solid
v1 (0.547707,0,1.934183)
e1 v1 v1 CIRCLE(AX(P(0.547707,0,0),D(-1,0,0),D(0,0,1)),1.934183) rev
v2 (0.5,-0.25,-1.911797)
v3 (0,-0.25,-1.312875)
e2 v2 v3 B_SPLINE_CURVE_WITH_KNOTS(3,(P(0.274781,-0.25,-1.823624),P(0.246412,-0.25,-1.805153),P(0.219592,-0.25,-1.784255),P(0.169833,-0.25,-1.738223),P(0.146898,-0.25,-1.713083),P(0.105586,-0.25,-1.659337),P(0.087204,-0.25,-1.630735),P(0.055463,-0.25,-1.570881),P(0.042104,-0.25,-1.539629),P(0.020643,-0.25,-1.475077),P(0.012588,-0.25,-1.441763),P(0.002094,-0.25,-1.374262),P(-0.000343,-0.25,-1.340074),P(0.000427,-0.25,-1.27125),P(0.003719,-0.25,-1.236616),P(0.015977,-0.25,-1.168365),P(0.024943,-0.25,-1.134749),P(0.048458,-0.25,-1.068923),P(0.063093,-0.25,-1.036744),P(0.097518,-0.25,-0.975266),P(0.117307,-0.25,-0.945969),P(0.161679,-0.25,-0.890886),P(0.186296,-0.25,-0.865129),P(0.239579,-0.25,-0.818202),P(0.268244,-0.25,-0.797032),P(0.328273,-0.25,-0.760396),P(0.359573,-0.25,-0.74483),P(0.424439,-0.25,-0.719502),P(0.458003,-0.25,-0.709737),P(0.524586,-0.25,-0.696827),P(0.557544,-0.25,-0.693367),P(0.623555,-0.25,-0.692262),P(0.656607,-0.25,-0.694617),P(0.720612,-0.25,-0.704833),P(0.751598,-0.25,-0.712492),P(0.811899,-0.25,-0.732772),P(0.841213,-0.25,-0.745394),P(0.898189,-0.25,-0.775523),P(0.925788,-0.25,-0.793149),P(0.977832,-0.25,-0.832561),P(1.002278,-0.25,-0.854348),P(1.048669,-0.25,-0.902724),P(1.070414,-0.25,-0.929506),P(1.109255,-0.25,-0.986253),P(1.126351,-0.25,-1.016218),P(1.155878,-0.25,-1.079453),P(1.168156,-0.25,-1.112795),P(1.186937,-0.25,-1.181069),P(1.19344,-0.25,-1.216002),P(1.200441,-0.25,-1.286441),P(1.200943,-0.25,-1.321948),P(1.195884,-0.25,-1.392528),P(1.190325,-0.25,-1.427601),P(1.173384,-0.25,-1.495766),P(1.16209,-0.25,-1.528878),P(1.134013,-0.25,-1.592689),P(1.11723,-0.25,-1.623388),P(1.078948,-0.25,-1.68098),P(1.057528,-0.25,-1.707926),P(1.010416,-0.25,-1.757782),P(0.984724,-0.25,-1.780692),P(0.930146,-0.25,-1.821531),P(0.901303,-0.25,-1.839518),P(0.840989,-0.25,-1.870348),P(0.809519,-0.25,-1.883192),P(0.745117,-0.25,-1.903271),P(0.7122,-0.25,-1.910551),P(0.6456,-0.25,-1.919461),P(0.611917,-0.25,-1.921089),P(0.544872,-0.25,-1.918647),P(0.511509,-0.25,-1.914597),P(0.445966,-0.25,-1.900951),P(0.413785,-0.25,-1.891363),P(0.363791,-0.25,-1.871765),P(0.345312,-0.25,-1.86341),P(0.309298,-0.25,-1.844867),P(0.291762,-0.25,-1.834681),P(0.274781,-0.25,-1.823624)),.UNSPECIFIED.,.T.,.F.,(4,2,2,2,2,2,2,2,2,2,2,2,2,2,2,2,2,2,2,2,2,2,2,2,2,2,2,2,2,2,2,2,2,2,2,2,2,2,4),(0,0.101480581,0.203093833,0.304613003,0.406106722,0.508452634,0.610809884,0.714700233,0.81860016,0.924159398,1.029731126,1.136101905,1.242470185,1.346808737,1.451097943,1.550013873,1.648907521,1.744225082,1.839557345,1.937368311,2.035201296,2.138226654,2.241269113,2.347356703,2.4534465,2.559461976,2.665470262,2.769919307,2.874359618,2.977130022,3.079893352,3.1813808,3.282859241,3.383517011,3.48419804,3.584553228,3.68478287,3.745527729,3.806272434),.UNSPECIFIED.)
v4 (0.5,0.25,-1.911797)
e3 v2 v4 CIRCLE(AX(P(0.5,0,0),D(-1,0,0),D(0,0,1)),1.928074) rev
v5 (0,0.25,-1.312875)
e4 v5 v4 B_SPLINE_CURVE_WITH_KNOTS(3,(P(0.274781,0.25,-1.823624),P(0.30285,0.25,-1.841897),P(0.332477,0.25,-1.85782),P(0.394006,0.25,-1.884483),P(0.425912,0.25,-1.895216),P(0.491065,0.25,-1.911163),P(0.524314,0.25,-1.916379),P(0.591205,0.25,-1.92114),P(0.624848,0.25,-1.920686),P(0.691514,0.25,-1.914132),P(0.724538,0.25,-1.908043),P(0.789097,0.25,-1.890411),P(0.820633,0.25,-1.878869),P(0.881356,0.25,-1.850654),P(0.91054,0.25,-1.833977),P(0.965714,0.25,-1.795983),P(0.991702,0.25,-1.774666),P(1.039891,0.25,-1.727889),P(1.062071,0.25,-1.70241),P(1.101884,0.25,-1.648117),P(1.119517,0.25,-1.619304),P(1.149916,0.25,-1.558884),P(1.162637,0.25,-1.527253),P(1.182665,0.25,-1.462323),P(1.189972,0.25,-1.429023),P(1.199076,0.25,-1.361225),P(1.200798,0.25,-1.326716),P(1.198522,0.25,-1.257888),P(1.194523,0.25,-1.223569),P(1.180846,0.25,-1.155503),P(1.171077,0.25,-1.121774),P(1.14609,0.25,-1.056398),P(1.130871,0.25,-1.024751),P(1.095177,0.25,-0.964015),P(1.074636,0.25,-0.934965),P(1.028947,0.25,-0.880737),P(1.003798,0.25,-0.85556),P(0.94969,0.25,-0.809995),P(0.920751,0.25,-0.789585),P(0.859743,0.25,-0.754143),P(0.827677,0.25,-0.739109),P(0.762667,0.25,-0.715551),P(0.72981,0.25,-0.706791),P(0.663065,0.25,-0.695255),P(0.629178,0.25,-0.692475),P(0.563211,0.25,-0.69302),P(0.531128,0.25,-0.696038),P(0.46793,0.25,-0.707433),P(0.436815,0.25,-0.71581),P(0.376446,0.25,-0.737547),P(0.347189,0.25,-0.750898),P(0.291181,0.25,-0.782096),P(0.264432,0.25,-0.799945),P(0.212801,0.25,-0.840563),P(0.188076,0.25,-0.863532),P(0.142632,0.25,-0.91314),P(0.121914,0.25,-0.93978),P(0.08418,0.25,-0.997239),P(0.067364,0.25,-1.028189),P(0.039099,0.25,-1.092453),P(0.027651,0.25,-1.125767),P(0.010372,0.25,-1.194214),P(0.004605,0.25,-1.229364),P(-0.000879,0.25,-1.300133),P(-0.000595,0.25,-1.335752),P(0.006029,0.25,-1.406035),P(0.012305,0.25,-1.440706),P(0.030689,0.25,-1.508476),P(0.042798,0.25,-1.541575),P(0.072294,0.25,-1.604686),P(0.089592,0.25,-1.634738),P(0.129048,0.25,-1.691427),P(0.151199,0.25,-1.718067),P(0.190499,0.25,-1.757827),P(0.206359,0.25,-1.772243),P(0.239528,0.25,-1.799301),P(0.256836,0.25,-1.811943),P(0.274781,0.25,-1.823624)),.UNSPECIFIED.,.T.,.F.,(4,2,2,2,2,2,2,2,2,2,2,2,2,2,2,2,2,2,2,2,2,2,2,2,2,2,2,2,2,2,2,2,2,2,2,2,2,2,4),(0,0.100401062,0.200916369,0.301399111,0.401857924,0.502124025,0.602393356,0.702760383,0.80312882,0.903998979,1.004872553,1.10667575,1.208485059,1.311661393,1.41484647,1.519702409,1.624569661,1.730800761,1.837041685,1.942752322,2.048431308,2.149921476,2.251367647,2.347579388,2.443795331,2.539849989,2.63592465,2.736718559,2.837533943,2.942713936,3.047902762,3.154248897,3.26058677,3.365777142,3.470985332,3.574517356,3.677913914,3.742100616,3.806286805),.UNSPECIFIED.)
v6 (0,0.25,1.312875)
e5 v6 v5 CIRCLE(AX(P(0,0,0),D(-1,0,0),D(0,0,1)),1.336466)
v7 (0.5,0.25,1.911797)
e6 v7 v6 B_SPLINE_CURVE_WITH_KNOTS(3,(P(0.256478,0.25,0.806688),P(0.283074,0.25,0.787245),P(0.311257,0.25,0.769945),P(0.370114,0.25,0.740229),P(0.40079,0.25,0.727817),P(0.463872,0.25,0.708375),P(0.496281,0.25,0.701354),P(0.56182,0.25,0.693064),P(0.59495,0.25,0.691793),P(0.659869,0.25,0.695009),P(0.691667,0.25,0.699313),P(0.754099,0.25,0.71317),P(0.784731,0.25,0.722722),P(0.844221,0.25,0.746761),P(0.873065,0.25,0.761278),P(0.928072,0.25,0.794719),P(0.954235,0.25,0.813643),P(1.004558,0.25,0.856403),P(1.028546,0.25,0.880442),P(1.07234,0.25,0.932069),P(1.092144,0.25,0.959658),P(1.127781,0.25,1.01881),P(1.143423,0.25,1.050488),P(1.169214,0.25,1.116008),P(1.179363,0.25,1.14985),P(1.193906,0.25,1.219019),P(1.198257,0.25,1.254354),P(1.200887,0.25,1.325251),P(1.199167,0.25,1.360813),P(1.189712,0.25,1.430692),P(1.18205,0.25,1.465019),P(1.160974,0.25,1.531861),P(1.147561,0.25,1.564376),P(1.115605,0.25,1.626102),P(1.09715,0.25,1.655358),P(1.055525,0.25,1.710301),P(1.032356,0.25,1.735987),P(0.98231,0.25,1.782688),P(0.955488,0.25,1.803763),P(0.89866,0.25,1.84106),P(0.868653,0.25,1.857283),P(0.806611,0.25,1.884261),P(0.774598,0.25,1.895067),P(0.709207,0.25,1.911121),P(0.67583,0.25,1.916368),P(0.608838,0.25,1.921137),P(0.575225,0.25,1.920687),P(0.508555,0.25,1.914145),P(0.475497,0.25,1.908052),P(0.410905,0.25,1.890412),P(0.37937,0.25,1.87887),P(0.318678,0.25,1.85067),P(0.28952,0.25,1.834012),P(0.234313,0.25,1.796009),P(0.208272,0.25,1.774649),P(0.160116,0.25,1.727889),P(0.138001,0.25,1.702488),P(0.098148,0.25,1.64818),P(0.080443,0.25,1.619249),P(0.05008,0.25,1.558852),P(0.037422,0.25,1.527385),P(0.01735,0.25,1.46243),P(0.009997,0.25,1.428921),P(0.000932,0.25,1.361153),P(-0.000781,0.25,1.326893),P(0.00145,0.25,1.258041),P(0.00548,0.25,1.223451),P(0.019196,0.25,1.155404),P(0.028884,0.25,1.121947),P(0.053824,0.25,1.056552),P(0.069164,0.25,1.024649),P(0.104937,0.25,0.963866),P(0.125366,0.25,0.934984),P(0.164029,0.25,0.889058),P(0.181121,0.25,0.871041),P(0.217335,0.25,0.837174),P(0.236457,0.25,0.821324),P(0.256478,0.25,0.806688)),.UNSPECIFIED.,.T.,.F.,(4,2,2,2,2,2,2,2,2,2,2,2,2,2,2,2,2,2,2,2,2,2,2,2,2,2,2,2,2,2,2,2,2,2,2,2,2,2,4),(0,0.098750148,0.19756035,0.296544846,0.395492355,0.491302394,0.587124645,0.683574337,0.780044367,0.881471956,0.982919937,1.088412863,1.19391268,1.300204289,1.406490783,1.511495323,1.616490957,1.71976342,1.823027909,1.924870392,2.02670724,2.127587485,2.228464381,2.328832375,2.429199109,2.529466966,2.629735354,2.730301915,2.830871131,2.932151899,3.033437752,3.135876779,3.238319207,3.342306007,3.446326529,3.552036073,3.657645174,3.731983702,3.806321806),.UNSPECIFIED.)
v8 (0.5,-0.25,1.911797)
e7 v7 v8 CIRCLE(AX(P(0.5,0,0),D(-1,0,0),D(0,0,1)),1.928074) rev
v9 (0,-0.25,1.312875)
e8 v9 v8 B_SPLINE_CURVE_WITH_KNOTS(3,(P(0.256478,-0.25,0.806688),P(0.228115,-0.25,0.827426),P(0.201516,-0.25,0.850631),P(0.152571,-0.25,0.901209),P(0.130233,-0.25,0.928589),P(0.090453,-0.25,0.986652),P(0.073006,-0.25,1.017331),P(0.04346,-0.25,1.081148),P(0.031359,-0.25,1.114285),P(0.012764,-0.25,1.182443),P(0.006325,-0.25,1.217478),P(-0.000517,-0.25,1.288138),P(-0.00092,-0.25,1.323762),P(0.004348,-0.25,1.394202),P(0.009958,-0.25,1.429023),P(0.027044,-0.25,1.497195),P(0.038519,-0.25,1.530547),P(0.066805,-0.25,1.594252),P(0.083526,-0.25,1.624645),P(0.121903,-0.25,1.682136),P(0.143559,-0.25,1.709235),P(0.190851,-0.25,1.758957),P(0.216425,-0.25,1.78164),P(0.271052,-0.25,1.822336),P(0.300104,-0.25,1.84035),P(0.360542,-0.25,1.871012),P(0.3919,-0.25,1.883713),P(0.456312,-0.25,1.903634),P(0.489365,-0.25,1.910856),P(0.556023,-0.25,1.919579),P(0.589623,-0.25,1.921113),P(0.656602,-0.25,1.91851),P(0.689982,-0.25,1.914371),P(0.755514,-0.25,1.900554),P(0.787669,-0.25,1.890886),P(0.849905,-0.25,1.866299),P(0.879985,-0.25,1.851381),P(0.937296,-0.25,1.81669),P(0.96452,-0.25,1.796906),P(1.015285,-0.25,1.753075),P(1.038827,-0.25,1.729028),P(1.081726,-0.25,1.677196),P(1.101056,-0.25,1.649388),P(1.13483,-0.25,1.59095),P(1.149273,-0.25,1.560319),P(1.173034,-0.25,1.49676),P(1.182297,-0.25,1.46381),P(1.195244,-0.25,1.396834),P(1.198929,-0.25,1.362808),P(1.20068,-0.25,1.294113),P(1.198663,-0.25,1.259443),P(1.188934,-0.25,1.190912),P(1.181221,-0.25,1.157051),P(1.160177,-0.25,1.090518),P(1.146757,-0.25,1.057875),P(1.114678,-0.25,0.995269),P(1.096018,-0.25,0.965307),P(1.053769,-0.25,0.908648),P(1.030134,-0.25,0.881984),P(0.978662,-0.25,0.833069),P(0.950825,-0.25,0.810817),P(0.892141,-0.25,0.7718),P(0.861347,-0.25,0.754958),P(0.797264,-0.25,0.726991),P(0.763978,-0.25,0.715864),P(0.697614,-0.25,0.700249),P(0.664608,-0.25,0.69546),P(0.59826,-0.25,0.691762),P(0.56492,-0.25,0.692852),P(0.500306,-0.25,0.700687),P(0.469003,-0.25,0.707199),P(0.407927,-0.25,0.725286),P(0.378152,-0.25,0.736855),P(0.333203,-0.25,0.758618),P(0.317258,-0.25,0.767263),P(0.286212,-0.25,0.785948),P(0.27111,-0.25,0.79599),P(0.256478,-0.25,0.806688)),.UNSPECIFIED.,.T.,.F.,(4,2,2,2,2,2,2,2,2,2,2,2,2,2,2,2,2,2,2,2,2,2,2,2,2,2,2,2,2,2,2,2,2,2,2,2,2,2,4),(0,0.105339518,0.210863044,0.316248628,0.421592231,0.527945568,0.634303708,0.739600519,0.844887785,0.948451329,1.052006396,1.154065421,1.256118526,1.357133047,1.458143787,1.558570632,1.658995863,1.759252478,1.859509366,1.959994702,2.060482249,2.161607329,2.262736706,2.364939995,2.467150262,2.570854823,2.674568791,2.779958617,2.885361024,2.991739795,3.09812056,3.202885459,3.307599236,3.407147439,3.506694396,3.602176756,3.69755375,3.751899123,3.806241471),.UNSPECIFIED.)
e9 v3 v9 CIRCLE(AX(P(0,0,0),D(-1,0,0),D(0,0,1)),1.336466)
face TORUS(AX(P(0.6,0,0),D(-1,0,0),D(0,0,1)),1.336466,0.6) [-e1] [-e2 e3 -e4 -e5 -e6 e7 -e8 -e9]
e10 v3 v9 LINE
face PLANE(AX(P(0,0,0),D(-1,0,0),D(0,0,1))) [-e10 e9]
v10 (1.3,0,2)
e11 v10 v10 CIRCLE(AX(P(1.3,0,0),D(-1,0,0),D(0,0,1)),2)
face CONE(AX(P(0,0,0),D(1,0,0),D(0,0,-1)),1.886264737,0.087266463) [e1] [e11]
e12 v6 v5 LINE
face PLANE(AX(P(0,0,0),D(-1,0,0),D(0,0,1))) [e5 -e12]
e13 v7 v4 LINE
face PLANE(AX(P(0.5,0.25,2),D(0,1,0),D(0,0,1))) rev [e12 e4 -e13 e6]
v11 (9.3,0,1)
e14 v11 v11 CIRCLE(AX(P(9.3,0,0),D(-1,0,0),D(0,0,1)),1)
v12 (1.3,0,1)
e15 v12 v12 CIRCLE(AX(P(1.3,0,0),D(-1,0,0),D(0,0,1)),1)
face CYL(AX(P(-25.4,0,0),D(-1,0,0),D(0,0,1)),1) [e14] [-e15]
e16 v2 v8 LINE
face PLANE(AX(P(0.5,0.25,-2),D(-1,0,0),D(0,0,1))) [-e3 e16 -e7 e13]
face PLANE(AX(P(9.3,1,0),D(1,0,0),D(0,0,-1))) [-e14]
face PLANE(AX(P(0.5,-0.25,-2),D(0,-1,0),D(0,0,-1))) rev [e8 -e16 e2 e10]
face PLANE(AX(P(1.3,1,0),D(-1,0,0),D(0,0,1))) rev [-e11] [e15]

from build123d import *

# Parameters (mm, degrees)
FILLET2_R  = 0.6
SKETCH2_W  = 4
SKETCH2_H  = 0.5
SLOT_DEPTH = 0.5


with BuildPart() as part:
    # BodySke → Base-Revolve (revolve)
    with BuildSketch(Plane.XY, mode=Mode.PRIVATE) as base_revolve_sk:
        Polygon((1.3, 1), (1.3, 2), (0, 1.886264737), (0, 0), (9.3, 0), (9.3, 1), align=None)
    revolve(base_revolve_sk.sketch.rotate(Axis((-25.4, 0, 0), (1, 0, 0)), 90), axis=Axis((-25.4, 0, 0), (1, 0, 0)))

    # Fillet2
    fillet2_edges = [part.edges().sort_by_distance(p)[0] for p in [
        (0, 0, -1.886264737),
    ]]
    fillet(fillet2_edges, radius=FILLET2_R)

    # Sketch2 → Slot (cut)
    with BuildSketch(Plane(origin=(0, 0, 0), x_dir=(0, 0, -1), z_dir=(1, 0, 0))):
        Rectangle(SKETCH2_W, SKETCH2_H)
    extrude(amount=SLOT_DEPTH, mode=Mode.SUBTRACT)


solid = part.part
